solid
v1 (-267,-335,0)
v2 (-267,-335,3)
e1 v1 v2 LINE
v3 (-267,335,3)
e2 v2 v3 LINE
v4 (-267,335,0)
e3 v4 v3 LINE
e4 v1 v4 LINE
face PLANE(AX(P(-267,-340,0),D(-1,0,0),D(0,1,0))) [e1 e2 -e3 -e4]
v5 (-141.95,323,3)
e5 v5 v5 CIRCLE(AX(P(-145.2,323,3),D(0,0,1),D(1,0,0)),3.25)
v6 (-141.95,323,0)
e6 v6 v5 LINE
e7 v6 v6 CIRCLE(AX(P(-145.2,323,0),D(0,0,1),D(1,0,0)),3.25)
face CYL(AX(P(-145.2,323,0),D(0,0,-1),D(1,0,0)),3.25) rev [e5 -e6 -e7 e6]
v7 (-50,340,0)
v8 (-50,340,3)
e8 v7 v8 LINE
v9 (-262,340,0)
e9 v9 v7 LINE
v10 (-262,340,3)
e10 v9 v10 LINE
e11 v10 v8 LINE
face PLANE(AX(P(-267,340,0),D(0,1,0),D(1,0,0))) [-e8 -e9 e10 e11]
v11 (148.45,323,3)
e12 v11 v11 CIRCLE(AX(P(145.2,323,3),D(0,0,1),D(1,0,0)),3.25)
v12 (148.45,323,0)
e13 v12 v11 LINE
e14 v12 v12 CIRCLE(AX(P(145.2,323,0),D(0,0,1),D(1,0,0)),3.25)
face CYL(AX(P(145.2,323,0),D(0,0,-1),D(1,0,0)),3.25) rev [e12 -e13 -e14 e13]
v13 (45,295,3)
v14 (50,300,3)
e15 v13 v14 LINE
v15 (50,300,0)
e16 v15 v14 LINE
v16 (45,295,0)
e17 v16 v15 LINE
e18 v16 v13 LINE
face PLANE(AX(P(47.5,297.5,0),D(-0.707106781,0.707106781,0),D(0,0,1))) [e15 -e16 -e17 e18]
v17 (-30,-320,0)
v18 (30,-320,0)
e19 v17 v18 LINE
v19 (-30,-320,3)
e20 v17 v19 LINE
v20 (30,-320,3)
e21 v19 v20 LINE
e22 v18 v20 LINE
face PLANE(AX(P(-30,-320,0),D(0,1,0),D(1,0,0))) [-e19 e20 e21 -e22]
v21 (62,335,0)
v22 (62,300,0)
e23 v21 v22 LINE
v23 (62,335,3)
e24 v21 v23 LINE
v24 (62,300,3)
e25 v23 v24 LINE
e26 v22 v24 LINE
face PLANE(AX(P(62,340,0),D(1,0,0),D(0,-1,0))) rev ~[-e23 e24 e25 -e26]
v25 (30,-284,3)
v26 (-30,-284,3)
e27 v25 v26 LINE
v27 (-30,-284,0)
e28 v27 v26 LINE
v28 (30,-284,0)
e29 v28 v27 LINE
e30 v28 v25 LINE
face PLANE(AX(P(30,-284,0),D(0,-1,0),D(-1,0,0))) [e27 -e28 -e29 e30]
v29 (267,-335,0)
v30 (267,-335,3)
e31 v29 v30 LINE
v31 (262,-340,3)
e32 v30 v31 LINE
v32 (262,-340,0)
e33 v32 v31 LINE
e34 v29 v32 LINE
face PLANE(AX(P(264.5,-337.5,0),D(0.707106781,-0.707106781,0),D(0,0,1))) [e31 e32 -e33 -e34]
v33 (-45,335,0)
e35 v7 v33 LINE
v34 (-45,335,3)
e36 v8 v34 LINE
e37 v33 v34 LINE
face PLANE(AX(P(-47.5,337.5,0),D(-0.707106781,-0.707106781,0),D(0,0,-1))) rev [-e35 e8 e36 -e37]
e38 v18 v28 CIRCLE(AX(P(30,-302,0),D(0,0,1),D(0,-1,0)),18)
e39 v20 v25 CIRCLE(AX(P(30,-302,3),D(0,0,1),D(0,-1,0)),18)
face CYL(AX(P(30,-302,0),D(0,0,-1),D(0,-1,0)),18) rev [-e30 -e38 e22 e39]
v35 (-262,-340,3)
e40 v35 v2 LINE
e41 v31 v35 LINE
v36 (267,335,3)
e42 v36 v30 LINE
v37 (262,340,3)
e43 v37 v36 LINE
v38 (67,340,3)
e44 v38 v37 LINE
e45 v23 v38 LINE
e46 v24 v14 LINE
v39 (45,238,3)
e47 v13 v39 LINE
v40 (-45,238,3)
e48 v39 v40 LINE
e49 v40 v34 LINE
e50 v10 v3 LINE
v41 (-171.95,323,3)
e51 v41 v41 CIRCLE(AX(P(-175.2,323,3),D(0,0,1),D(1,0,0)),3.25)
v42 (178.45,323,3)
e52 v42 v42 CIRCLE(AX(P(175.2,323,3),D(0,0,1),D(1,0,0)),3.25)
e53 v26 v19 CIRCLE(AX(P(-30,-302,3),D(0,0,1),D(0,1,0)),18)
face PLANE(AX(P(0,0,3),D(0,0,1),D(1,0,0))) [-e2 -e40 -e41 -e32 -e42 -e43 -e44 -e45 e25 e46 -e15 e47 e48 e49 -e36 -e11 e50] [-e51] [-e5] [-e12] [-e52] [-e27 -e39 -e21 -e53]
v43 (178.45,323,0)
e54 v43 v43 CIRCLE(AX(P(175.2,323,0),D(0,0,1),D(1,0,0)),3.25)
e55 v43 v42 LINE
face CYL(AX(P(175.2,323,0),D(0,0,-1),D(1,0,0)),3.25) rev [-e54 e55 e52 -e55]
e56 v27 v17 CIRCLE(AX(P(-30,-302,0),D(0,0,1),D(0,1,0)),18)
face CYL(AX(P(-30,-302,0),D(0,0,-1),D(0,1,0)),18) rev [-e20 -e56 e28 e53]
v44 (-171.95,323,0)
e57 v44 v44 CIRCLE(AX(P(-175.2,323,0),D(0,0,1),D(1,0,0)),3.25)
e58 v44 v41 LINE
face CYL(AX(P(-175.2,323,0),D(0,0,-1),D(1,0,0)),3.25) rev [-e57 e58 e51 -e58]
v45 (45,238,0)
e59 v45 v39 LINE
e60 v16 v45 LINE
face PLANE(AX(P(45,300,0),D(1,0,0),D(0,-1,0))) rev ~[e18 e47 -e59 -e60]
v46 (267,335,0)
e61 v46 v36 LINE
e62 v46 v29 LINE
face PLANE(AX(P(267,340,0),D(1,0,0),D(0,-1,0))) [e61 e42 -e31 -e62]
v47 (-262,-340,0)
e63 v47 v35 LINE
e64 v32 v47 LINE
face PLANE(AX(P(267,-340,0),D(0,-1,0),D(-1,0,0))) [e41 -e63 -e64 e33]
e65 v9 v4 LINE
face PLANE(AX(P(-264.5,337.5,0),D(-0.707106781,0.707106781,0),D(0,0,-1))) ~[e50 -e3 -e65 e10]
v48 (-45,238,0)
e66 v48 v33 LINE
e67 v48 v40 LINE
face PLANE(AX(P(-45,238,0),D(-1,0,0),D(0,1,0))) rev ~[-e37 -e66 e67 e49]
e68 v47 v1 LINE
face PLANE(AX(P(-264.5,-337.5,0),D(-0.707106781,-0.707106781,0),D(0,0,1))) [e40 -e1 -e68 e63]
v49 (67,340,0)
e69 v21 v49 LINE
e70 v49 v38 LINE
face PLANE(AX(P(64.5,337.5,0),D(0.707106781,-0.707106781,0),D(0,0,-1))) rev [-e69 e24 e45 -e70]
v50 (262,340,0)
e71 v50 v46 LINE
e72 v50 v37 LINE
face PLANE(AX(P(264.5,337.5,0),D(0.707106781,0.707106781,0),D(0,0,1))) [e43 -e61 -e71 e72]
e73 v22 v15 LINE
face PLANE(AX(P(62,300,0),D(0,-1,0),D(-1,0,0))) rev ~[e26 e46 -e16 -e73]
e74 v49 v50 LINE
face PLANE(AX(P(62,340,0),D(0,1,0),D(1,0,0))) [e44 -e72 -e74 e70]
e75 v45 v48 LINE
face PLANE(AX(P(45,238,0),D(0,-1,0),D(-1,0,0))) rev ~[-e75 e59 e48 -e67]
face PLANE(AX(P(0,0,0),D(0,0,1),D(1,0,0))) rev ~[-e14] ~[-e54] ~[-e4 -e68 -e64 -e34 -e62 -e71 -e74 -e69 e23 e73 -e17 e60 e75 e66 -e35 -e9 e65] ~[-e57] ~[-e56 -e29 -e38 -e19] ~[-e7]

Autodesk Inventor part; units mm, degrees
ref_plane "YZ Plane" through (0, 0, 0) normal (1, 0, 0) x (0, 1, 0)
ref_plane "XZ Plane" through (0, 0, 0) normal (0, 1, 0) x (-1, 0, 0)
ref_plane "XY Plane" through (0, 0, 0) normal (0, 0, 1) x (1, 0, 0)
sketch "Skizze1" plane through (0, 0, 0) normal (0, 0, 1) x (1, 0, 0)
  line L0 (-267, 340) -> (267, 340)
  line L1 (267, 340) -> (267, -340)
  line L2 (267, -340) -> (-267, -340)
  line L3 (-267, -340) -> (-267, 340)
  line L4 (-267, 340) -> (267, -340) construction
  line L5 (267, 340) -> (-267, -340) construction
  line L6 (-45, 340) -> (45, 340)
  line L7 (45, 340) -> (45, 238)
  line L8 (45, 238) -> (-45, 238)
  line L9 (-45, 238) -> (-45, 340)
  line L10 (0, 476) -> (0, -476) construction
  line L11 (0, 340) -> (62, 340)
  line L12 (62, 340) -> (62, 300)
  line L13 (62, 300) -> (0, 300)
  line L14 (0, 300) -> (0, 340)
  line L15 (-267, 323) -> (267, 323) construction
  circle A0 centre (-175.2, 323) radius 3.25
  line L16 (-160.2, 340) -> (-160.2, -340) construction
  circle A1 centre (-145.2, 323) radius 3.25
  circle A2 centre (175.2, 323) radius 3.25
  circle A3 centre (145.2, 323) radius 3.25
  line L17 (-30, -302) -> (30, -302) construction
  line L18 (-30, -320) -> (30, -320)
  line L19 (30, -284) -> (-30, -284)
  arc A4 (-30, -284) -> (-30, -320) centre (-30, -302) ccw
  arc A5 (30, -320) -> (30, -284) centre (30, -302) ccw
  point P0 (0, 0)
  point P1 (0, 238)
  point P2 (45, 300)
  point P3 (0, -302)
  dimension "d0" = 534
  dimension "d1" = 102
  dimension "d3" = 62
  dimension "d4" = 45
  dimension "d5" = 17
  dimension "d6" = 6.5
  dimension "d7" = 680
  dimension "d8" = 40
  dimension "d9" = 106.8
  dimension "d10" = 15
  dimension "d16" = 60
  dimension "d17" = 18
  dimension "d18" = 20
extrude "Extrusion1" add sketch "Skizze1" along normal blind 3 contours L0 L9 L8 L7 L13 L12 L1 L2 L3
chamfer "Fase1" distance 5 angle 45 7 edges at (-45, 340, 1.5) (45, 300, 1.5) (62, 340, 1.5) (267, 340, 1.5) (-267, 340, 1.5) (-267, -340, 1.5) (267, -340, 1.5)
equation "\"d9\" = 0.2 * d0"
properties part number "enc-BottomPanel"
